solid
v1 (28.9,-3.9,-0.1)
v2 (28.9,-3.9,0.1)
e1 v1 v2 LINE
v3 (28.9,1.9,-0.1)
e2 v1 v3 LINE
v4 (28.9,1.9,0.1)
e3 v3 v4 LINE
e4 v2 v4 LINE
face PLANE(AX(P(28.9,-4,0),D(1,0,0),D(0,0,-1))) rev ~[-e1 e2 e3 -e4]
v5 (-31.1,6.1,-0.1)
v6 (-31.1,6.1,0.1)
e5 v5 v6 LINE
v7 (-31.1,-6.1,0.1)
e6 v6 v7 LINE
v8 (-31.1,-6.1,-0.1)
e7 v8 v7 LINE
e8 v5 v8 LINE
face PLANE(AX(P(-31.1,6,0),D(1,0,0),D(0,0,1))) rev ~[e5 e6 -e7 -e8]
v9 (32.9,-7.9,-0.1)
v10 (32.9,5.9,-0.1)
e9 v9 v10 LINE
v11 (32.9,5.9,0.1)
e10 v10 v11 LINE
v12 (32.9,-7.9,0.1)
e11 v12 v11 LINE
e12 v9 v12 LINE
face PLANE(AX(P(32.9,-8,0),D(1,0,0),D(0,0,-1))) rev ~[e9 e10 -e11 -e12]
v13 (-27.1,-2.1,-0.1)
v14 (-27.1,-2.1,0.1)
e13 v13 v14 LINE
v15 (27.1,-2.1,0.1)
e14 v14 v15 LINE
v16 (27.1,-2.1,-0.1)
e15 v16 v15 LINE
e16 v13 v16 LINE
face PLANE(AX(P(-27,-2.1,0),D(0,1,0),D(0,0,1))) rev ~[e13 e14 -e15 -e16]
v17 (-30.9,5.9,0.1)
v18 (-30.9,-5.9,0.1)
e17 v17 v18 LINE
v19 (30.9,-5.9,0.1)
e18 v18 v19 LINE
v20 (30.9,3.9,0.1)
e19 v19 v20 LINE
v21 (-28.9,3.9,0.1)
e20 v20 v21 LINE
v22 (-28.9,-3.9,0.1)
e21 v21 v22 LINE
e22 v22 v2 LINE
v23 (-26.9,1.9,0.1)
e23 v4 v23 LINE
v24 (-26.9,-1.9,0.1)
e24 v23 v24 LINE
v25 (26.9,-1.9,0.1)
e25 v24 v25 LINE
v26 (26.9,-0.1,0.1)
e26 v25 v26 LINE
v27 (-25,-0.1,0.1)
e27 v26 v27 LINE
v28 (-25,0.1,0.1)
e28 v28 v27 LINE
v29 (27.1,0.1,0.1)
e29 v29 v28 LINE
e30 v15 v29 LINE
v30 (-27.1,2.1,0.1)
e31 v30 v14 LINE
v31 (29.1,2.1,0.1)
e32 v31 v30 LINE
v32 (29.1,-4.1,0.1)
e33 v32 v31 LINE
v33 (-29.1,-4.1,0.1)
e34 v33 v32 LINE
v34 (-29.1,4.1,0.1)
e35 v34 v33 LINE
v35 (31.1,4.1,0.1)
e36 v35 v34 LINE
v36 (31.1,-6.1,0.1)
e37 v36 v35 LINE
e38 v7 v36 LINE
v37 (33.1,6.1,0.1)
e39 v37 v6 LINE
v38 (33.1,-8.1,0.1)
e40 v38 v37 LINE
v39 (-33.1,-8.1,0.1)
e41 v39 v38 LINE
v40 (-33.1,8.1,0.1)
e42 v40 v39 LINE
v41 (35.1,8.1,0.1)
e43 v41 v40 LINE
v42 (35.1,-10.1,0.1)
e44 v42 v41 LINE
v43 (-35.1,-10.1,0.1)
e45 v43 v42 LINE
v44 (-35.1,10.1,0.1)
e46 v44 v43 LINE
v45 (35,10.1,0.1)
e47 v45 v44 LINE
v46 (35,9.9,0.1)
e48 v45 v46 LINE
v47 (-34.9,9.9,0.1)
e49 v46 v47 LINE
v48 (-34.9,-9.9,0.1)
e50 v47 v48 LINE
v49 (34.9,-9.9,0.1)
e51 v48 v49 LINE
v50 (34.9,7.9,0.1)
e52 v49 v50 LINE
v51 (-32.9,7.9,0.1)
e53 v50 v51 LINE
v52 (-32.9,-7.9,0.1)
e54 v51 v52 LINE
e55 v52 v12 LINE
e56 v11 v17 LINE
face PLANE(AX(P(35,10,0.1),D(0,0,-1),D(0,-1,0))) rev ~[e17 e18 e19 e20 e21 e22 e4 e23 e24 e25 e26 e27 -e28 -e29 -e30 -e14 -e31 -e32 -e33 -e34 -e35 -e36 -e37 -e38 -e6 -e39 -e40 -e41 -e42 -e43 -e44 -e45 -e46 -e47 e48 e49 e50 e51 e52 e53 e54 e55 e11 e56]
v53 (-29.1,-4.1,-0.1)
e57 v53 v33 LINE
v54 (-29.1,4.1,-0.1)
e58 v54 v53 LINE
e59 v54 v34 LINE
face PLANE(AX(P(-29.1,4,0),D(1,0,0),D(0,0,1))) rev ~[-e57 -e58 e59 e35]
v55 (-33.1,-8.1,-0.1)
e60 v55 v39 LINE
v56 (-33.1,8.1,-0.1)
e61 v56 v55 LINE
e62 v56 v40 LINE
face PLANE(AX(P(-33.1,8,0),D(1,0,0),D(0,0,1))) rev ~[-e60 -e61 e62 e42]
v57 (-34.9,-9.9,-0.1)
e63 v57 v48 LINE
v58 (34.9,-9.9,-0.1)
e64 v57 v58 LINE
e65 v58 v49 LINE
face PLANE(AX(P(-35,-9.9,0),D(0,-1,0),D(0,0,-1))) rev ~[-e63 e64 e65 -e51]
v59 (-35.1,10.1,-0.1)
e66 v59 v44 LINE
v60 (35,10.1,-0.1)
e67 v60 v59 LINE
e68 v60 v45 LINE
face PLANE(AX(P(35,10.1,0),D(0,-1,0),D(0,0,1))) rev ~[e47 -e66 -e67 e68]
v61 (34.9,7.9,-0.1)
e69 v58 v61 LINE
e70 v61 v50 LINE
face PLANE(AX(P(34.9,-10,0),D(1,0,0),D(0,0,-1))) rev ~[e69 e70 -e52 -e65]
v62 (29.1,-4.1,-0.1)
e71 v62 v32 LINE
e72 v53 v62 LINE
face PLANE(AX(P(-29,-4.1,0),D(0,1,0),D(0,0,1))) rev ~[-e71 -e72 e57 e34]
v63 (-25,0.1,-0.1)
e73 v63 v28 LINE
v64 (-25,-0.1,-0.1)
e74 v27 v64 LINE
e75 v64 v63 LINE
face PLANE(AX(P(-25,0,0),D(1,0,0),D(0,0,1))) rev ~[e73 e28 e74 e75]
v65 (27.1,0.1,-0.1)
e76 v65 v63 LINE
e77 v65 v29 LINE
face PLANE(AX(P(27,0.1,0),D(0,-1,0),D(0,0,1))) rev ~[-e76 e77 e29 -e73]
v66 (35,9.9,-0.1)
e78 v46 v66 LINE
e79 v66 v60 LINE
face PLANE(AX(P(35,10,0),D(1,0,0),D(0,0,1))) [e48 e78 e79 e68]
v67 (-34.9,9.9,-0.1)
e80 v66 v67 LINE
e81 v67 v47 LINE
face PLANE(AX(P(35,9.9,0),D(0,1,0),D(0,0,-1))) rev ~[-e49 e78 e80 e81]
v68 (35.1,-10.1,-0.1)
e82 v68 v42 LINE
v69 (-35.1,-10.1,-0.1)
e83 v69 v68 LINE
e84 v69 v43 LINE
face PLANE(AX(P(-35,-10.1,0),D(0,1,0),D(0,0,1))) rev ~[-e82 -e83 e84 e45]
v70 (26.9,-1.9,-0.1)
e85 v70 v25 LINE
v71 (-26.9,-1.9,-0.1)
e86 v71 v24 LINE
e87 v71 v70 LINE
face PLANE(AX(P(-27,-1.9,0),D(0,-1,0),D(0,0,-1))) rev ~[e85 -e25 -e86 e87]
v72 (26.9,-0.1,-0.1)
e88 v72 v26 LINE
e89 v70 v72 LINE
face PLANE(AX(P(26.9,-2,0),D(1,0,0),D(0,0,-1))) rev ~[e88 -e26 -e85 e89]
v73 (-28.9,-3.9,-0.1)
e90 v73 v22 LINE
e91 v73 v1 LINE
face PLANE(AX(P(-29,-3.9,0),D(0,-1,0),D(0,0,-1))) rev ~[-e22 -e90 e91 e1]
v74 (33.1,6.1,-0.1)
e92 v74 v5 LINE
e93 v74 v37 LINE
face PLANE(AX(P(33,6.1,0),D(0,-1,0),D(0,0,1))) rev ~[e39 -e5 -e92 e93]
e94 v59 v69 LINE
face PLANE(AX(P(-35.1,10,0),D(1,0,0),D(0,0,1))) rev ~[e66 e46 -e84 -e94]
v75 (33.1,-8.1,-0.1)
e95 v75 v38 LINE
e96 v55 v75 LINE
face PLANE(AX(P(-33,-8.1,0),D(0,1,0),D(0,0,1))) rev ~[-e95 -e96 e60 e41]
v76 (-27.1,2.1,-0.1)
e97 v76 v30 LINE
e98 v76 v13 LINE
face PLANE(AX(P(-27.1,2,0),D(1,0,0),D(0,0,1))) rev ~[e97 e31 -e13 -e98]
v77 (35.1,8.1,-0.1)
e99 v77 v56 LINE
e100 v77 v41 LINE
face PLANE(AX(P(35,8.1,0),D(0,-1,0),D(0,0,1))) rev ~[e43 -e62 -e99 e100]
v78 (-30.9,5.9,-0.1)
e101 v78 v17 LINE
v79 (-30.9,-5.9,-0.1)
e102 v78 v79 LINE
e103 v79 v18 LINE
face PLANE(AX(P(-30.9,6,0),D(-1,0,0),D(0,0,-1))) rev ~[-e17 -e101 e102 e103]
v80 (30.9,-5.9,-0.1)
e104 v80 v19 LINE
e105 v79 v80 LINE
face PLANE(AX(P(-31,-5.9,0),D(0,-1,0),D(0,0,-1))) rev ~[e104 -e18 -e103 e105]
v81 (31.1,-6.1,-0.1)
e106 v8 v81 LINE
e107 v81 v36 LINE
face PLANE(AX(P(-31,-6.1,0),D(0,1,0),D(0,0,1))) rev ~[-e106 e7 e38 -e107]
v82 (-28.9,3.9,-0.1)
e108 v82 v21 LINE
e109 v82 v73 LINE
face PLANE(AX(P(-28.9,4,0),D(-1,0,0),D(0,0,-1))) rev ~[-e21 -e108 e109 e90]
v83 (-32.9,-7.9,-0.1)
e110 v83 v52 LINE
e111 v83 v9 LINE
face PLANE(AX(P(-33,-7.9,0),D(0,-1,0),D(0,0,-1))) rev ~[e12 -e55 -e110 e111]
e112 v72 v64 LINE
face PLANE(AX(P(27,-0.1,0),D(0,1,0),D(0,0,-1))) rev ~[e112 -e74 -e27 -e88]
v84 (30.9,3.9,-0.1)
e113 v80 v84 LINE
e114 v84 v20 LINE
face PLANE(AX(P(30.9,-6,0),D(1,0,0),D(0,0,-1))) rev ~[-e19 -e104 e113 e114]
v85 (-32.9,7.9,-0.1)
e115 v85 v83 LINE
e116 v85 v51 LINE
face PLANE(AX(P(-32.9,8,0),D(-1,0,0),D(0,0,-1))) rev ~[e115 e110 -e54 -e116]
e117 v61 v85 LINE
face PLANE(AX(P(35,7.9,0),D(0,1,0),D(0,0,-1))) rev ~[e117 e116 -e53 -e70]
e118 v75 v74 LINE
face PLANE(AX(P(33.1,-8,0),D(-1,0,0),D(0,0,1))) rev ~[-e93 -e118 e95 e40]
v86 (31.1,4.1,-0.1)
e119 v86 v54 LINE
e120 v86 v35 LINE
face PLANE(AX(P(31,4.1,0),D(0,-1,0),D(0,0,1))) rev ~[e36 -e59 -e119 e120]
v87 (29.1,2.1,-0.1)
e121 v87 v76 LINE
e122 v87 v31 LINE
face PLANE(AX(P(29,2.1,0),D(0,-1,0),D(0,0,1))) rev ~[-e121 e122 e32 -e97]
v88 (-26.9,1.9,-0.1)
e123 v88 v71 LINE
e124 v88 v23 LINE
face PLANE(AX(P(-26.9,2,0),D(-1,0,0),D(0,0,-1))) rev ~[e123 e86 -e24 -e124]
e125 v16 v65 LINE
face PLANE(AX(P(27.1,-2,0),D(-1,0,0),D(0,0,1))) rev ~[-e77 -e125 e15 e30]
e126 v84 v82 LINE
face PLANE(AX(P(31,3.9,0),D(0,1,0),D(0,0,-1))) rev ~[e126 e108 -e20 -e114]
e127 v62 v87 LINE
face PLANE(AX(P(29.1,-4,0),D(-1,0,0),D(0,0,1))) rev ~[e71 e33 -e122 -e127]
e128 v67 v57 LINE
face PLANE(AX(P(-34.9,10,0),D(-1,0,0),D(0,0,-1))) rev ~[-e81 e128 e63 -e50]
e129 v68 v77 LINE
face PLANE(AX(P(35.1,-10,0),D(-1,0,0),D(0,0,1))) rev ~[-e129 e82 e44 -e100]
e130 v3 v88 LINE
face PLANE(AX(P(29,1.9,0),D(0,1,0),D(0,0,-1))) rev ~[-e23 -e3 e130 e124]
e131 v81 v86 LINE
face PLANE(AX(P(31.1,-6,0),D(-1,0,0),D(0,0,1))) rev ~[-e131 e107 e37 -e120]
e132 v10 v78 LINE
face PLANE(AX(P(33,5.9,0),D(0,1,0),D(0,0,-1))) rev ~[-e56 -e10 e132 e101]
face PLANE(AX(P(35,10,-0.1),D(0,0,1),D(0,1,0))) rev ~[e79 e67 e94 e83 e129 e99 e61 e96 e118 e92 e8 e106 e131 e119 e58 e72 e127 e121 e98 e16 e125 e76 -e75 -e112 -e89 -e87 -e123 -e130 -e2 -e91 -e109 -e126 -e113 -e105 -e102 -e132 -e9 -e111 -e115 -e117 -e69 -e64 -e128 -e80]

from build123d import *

# Parameters (mm, degrees)
SKETCH4_W = 0.2
SKETCH4_H = 0.2


with BuildPart() as part:
    # Sweep2: sweep along a path in Sketch3
    with BuildLine(Plane.XY) as sweep2_path:
        Line((35, 10), (-35, 10))
        Line((-35, 10), (-35, -10))
        Line((-35, -10), (35, -10))
        Line((35, -10), (35, 8))
        Line((35, 8), (-33, 8))
        Line((-33, 8), (-33, -8))
        Line((-33, -8), (33, -8))
        Line((33, -8), (33, 6))
        Line((33, 6), (-31, 6))
        Line((-31, 6), (-31, -6))
        Line((-31, -6), (31, -6))
        Line((31, -6), (31, 4))
        Line((31, 4), (-29, 4))
        Line((-29, 4), (-29, -4))
        Line((-29, -4), (29, -4))
        Line((29, -4), (29, 2))
        Line((29, 2), (-27, 2))
        Line((-27, 2), (-27, -2))
        Line((-27, -2), (27, -2))
        Line((27, -2), (27, 0))
        Line((27, 0), (-25, 0))
    # Sketch4 → Sweep2 (sweep)
    with BuildSketch(Plane(origin=(0, 0, 0), x_dir=(0, 0, -1), z_dir=(1, 0, 0))):
        Rectangle(SKETCH4_W, SKETCH4_H)
    sweep(path=sweep2_path.line, transition=Transition.RIGHT)


solid = part.part
